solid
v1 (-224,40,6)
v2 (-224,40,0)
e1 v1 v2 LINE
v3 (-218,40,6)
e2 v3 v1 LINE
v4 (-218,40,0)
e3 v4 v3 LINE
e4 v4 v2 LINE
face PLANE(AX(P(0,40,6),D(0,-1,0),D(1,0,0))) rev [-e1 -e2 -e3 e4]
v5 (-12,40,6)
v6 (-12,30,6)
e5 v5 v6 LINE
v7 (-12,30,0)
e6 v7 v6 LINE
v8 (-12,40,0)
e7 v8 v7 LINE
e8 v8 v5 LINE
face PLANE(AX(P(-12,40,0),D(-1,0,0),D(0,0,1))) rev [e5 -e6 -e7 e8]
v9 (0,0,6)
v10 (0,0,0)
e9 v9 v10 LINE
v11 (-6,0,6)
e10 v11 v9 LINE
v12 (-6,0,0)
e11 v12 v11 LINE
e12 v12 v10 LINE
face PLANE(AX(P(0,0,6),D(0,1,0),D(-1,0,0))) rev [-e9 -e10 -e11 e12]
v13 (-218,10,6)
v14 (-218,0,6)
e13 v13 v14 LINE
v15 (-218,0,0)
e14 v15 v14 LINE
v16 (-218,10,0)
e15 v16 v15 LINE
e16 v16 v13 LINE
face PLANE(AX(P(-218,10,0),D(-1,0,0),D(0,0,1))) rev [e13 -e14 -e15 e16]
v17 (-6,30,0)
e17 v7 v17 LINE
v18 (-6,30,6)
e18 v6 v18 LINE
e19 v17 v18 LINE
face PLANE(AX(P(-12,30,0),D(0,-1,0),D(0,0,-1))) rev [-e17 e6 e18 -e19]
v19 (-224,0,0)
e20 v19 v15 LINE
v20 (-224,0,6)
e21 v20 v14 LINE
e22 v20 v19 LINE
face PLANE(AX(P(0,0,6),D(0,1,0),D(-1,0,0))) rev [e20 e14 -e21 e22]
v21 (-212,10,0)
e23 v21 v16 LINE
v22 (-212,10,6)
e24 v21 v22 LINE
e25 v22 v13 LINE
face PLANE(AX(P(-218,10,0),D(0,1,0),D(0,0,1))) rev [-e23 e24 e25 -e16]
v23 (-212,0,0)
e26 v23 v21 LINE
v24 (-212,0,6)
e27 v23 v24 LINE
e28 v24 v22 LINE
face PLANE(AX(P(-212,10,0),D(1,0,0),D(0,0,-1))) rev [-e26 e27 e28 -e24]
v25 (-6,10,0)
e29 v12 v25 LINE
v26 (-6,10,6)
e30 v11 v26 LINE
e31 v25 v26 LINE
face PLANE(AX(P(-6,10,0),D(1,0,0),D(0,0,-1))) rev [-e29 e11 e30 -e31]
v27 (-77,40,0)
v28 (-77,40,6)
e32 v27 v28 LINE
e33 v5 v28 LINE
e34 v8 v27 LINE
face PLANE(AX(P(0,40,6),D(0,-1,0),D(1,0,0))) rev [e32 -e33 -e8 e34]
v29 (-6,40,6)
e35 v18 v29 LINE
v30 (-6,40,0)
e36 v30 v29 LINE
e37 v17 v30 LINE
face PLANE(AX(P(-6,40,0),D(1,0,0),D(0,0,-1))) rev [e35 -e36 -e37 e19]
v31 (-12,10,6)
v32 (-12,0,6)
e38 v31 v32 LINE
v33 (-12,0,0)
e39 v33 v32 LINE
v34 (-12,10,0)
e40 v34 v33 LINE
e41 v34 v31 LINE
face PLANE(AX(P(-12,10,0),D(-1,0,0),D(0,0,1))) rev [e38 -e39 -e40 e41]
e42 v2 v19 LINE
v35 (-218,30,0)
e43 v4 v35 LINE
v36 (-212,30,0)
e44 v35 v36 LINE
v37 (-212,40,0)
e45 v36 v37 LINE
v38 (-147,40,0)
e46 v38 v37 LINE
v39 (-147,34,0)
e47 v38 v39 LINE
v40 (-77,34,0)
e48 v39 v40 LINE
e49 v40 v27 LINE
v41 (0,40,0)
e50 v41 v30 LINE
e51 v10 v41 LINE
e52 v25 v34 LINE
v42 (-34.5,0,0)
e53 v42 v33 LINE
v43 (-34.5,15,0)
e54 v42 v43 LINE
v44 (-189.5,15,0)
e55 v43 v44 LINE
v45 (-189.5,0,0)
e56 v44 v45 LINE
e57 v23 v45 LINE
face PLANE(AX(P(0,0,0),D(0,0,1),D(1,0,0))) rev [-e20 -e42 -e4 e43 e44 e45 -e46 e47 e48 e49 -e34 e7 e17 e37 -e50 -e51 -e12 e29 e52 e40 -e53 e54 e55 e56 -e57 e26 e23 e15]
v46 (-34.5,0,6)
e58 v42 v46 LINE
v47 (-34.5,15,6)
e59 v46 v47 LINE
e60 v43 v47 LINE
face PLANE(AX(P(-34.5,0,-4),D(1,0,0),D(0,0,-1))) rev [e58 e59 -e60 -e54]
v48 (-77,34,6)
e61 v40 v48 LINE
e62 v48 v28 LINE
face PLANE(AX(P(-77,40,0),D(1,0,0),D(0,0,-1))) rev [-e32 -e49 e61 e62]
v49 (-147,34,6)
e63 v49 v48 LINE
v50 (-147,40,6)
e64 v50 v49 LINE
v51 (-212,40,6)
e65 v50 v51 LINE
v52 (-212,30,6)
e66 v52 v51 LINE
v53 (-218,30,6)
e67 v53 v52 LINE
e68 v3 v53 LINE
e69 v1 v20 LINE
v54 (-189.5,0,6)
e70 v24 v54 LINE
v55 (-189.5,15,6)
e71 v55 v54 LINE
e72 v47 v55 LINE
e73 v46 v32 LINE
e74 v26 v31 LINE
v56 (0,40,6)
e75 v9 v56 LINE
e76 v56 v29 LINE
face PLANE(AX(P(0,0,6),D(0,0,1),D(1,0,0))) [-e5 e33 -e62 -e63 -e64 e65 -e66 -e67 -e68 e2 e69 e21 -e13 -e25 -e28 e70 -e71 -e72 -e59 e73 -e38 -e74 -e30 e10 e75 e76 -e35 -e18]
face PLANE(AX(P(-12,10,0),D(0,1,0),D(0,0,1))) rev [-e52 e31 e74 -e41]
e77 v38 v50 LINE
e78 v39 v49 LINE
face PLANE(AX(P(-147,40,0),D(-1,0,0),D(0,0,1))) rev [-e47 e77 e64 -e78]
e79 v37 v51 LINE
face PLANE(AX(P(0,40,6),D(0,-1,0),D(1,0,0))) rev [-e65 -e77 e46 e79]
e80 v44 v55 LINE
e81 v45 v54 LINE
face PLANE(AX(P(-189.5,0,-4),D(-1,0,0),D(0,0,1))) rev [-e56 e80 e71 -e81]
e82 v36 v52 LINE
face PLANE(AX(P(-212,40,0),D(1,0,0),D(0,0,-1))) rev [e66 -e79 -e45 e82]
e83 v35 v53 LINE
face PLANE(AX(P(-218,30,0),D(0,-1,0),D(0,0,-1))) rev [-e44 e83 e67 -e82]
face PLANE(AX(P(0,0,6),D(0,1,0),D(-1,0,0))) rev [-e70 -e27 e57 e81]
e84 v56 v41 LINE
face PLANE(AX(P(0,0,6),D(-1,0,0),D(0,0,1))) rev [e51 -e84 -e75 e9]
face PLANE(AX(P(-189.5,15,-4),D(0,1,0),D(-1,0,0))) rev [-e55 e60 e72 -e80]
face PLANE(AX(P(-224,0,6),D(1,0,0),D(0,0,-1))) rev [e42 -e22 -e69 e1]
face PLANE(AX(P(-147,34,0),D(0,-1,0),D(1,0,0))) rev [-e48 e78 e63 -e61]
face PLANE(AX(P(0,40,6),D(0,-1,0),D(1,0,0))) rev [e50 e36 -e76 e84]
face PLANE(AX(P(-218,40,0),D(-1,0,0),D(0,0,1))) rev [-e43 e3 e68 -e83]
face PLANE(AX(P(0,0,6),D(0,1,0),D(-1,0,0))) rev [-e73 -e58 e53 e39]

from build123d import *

# Parameters (mm, degrees)
SKETCH1_W            = 224
SKETCH1_H            = 40
BOSS_EXTRUDE1_DEPTH  = 6
SKETCH2_W            = 6
SKETCH2_H            = 10
CUT_EXTRUDE1_DEPTH   = 228.622494495
LPATTERN1_COUNT      = 2
LPATTERN1_PITCH      = 206
LPATTERN1_COUNT_DIR2 = 2
LPATTERN1_PITCH_DIR2 = 30
SKETCH3_W            = 70
SKETCH3_H            = 6
CUT_EXTRUDE2_DEPTH   = 228.622494495
SKETCH4_W            = 155
SKETCH4_H            = 15
CUT_EXTRUDE3_DEPTH   = 10


with BuildPart() as part:
    # Sketch1 → Boss-Extrude1 (new body)
    with BuildSketch(Plane.XY):
        with Locations((-112, 20)):
            Rectangle(SKETCH1_W, SKETCH1_H)
    extrude(amount=BOSS_EXTRUDE1_DEPTH)

    # Sketch2 → Cut-Extrude1 (cut, through all)
    with BuildSketch(Plane.XY.offset(6)):
        with Locations((-215, 35)):
            Rectangle(SKETCH2_W, SKETCH2_H)
    cut_extrude1 = extrude(amount=-CUT_EXTRUDE1_DEPTH, mode=Mode.SUBTRACT)

    # LPattern1: Cut-Extrude1 2 × 2
    with Locations(*[(i * LPATTERN1_PITCH, -j * LPATTERN1_PITCH_DIR2, 0) for i in range(LPATTERN1_COUNT) for j in range(LPATTERN1_COUNT_DIR2) if (i, j) != (0, 0)]):
        add(cut_extrude1, mode=Mode.SUBTRACT)

    # Sketch3 → Cut-Extrude2 (cut, through all)
    with BuildSketch(Plane.XY.offset(6)):
        with Locations((-112, 37)):
            Rectangle(SKETCH3_W, SKETCH3_H)
    extrude(amount=-CUT_EXTRUDE2_DEPTH, mode=Mode.SUBTRACT)

    # Sketch4 → Cut-Extrude3 (cut)
    with BuildSketch(Plane.XY.offset(6)):
        with Locations((-112, 7.5)):
            Rectangle(SKETCH4_W, SKETCH4_H)
    extrude(amount=-CUT_EXTRUDE3_DEPTH, mode=Mode.SUBTRACT)


solid = part.part
